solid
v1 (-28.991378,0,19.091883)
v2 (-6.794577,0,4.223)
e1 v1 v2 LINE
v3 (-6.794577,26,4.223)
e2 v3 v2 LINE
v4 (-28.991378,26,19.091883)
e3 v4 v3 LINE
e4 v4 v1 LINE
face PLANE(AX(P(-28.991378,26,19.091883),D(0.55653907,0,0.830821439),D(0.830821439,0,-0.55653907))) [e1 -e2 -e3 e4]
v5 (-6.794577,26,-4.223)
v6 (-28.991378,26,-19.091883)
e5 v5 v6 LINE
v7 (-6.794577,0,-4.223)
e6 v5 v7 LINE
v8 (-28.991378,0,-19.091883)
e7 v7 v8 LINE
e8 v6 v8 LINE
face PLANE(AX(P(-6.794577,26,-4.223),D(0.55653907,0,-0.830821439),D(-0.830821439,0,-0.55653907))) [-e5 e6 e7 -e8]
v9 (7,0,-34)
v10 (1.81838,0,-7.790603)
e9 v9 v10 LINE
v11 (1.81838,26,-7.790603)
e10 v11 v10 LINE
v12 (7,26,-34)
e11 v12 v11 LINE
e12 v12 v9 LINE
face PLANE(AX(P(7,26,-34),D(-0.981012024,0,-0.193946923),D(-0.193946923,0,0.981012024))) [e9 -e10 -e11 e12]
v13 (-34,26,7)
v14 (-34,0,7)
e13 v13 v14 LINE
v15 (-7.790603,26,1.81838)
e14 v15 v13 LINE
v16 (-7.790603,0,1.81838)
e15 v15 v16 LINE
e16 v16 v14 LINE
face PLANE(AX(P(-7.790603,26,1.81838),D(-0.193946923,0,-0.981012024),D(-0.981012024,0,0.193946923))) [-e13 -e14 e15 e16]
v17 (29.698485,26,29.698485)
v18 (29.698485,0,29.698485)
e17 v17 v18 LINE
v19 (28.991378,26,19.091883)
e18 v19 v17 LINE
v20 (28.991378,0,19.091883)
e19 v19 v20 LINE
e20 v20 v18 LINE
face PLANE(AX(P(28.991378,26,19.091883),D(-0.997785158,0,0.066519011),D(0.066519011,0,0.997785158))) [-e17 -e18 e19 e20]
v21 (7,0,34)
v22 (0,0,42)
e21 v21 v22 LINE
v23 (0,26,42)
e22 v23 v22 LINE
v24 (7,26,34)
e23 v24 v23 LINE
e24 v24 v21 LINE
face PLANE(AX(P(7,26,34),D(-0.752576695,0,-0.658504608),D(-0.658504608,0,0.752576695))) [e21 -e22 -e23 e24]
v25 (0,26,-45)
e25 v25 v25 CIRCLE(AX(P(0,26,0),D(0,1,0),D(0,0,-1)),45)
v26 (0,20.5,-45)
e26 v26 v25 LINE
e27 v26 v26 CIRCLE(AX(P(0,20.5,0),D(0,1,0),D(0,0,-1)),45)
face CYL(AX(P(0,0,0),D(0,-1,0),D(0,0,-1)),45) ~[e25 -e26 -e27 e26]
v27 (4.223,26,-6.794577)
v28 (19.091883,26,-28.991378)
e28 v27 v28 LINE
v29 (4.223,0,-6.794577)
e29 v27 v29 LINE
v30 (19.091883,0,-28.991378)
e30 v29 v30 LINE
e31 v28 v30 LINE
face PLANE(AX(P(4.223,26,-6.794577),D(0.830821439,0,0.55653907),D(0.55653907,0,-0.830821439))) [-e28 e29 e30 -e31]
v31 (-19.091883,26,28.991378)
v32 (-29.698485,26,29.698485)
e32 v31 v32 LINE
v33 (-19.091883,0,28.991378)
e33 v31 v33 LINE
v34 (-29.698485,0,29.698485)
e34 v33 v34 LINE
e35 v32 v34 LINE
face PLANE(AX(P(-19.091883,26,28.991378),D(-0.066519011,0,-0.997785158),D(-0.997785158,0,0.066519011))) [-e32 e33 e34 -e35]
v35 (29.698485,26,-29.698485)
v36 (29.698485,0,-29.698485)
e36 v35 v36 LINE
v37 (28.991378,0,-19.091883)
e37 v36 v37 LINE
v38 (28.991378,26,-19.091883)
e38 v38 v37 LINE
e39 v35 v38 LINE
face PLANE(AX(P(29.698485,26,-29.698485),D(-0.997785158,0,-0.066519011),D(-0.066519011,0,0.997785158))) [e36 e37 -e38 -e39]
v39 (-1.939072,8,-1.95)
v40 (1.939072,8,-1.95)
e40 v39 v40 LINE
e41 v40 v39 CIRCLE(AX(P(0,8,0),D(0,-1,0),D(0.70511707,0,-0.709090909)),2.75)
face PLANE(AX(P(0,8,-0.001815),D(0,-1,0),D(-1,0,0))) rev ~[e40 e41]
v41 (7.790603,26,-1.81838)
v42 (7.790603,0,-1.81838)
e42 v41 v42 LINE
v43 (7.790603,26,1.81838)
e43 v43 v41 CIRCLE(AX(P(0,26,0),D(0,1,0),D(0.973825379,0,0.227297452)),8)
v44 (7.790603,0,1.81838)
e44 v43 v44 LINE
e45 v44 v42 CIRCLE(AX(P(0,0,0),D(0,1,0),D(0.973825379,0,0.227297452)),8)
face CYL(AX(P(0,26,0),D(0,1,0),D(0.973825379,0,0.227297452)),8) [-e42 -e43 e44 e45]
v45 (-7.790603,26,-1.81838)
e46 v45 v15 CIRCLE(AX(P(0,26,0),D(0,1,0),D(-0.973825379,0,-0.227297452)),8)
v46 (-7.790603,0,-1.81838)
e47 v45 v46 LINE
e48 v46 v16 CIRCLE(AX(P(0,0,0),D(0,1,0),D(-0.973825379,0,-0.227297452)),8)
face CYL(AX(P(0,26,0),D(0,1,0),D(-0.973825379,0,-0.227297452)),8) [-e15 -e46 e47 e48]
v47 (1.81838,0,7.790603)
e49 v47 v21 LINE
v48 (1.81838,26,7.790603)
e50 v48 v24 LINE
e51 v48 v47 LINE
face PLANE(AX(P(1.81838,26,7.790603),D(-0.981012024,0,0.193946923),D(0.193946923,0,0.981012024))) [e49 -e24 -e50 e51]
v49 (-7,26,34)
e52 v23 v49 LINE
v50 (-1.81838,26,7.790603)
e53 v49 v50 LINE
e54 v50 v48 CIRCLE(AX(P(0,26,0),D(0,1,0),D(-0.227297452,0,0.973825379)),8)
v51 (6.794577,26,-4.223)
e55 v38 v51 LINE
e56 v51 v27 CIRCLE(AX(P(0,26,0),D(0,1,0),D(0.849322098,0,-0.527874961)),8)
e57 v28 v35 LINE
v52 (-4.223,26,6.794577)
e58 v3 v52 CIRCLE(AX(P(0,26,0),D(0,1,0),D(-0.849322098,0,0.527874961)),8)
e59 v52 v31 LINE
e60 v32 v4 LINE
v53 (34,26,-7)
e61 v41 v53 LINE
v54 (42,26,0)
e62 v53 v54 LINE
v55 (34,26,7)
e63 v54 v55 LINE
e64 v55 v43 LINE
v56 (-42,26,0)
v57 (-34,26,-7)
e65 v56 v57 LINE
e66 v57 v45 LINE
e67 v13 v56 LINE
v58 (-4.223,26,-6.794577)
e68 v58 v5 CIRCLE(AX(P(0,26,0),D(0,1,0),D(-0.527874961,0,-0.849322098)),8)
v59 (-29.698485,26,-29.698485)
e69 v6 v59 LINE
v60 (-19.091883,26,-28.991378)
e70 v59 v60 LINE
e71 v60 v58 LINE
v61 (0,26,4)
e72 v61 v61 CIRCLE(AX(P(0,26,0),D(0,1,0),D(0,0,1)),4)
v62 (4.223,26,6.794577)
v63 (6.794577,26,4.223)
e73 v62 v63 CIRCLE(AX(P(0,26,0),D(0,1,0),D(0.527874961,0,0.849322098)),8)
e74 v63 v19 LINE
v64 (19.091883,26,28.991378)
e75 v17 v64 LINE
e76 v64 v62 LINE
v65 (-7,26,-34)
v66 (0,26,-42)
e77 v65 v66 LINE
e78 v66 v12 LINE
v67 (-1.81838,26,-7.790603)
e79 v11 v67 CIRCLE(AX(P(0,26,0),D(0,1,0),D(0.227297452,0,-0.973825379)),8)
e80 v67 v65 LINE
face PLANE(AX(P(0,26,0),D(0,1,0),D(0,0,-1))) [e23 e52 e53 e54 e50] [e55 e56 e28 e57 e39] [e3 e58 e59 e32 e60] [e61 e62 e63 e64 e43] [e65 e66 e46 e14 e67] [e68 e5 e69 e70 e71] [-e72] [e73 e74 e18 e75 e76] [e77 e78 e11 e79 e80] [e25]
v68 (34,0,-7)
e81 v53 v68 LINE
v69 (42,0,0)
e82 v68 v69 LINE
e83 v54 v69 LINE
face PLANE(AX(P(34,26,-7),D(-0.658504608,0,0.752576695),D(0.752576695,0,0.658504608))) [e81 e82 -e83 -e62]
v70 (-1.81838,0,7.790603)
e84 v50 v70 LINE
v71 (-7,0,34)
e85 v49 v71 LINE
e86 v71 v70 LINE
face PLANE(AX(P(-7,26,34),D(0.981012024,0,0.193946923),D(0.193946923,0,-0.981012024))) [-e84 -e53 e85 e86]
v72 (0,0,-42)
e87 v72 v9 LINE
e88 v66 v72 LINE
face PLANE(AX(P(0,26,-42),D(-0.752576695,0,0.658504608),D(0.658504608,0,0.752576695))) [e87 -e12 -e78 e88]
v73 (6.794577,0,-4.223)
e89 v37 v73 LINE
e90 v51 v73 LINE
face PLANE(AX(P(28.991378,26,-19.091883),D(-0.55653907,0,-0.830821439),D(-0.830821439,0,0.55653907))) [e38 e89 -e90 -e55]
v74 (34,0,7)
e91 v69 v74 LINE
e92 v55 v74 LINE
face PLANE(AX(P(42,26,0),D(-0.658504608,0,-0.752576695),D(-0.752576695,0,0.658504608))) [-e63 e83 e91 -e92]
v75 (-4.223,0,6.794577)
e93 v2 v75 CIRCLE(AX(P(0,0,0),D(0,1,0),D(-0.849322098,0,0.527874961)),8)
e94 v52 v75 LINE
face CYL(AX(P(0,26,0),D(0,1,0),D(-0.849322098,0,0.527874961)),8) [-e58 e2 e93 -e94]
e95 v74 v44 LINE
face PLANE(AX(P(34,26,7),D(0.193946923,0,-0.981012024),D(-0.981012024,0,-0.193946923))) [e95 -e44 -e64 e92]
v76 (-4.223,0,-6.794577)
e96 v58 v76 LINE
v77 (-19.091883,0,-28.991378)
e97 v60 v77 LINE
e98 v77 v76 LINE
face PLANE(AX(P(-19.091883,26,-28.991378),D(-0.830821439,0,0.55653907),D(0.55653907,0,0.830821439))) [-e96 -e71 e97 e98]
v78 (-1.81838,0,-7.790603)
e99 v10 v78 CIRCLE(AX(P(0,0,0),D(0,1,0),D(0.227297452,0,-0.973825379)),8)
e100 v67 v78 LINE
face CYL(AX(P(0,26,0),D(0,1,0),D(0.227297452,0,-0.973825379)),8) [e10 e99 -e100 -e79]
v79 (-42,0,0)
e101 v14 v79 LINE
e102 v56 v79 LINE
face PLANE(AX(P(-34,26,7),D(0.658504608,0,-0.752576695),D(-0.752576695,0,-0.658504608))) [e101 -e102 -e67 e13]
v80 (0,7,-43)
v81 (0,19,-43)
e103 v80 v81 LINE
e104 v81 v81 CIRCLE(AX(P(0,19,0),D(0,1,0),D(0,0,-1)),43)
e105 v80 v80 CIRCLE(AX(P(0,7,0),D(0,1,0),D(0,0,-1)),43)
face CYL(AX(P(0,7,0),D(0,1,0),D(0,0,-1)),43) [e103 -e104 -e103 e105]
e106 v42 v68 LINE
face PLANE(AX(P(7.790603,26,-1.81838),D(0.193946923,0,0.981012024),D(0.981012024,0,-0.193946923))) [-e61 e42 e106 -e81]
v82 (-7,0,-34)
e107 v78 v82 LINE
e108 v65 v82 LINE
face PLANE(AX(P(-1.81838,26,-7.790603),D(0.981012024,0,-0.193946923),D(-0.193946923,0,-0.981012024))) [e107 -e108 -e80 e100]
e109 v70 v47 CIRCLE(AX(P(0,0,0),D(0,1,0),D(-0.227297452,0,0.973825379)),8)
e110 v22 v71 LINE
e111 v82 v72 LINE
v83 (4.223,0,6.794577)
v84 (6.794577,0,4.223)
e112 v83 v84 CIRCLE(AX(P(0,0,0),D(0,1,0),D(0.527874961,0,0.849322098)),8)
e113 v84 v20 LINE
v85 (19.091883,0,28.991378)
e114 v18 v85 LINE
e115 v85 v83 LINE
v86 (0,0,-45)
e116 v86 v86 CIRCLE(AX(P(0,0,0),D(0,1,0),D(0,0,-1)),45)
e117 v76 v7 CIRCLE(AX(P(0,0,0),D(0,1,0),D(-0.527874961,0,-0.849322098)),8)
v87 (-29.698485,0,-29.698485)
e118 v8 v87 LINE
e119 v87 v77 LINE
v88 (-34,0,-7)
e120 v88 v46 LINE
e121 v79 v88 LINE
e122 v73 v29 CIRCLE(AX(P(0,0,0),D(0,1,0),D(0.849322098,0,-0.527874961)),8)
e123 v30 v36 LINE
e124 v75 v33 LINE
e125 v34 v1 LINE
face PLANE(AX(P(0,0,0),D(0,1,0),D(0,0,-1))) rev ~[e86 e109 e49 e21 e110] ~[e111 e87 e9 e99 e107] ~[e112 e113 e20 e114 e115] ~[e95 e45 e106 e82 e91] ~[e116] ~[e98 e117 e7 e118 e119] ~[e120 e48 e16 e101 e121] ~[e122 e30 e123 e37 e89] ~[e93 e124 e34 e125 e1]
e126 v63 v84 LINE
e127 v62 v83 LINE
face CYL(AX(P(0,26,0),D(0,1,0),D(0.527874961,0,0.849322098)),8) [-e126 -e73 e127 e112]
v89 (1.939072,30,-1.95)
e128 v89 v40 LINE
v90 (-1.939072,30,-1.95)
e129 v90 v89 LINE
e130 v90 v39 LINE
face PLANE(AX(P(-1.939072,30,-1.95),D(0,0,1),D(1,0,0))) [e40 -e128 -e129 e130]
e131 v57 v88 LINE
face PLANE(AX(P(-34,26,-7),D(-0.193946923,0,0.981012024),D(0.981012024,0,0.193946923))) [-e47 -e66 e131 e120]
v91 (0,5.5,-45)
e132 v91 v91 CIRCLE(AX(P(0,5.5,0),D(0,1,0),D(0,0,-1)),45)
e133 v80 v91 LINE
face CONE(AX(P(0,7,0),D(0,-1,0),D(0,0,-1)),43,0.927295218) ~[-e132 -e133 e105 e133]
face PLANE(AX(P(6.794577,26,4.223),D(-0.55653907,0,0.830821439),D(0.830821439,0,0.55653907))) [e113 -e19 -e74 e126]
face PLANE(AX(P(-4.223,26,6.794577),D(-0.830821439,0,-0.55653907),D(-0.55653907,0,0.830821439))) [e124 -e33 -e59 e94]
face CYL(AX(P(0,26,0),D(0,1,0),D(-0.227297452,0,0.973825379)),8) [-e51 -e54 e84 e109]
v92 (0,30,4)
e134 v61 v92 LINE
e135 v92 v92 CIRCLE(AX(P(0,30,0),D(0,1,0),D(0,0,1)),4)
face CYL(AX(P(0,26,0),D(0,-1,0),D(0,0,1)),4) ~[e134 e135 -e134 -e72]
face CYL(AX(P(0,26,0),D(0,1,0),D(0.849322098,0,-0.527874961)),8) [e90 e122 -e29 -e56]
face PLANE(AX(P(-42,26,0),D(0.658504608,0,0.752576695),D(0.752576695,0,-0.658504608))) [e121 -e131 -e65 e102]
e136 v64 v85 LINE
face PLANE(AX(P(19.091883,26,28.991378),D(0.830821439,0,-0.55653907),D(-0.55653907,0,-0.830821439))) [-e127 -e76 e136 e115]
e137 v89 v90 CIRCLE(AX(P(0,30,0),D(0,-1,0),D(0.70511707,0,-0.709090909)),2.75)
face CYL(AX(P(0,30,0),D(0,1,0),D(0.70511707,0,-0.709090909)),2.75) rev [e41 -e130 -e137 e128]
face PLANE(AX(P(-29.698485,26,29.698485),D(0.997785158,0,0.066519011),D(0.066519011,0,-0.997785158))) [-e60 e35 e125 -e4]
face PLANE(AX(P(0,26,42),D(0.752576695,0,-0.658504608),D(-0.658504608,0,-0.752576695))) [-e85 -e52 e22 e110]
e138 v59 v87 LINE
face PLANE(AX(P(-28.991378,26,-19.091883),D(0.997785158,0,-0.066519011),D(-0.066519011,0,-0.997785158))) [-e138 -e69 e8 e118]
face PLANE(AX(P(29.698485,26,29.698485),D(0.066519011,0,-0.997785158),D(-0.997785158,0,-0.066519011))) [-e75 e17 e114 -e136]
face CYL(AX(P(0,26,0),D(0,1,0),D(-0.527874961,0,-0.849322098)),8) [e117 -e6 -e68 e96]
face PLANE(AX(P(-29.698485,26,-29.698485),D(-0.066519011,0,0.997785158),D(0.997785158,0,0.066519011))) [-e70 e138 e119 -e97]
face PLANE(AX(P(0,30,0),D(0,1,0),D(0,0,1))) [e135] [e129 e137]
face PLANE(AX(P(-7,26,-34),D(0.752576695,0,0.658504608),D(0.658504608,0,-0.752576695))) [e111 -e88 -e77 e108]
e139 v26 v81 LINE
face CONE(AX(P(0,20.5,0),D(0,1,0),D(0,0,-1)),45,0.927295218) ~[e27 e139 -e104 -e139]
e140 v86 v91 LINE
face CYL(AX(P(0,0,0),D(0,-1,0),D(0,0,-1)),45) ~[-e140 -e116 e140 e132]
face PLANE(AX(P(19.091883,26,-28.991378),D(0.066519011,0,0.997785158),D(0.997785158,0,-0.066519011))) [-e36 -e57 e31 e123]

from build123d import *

# Parameters (mm, degrees)
SKETCH1_R           = 45
BOSS_EXTRUDE1_DEPTH = 26
SKETCH2_R           = 4
BOSS_EXTRUDE2_DEPTH = 4
CUT_EXTRUDE2_DEPTH  = 69.745908969
CUT_EXTRUDE4_DEPTH  = 22


with BuildPart() as part:
    # Sketch1 → Boss-Extrude1 (new body)
    with BuildSketch(Plane(origin=(0, 0, 0), x_dir=(1, 0, 0), z_dir=(0, 1, 0))):
        with Locations(Location((0, 0, 0), (0, 0, 90))):
            Circle(SKETCH1_R)
    extrude(amount=BOSS_EXTRUDE1_DEPTH)

    # Sketch2 → Boss-Extrude2 (add)
    with BuildSketch(Plane(origin=(0, 26, 0), x_dir=(1, 0, 0), z_dir=(0, 1, 0))):
        with Locations(Location((0, 0, 0), (0, 0, 270))):
            Circle(SKETCH2_R)
    extrude(amount=BOSS_EXTRUDE2_DEPTH)

    # Sketch4 → Cut-Extrude2 (cut, through all)
    with BuildSketch(Plane(origin=(0, 26, 0), x_dir=(1, 0, 0), z_dir=(0, 1, 0))):
        with BuildLine():
            Line((-1.818379611, 7.790603031), (-7, 34))
            Line((-7, 34), (0, 42))
            Line((0, 42), (7, 34))
            Line((7, 34), (1.818379611, 7.790603031))
            ThreePointArc((1.818379611, 7.790603031), (0, 8), (-1.818379611, 7.790603031))
        make_face()
        with BuildLine():
            Line((4.222999679, 6.794576787), (19.091883092, 28.991378029))
            Line((19.091883092, 28.991378029), (29.69848481, 29.69848481))
            Line((29.69848481, 29.69848481), (28.991378029, 19.091883092))
            Line((28.991378029, 19.091883092), (6.794576787, 4.222999679))
            ThreePointArc((6.794576787, 4.222999679), (5.656854249, 5.656854249), (4.222999679, 6.794576787))
        make_face()
        with BuildLine():
            Line((7.790603031, 1.818379611), (34, 7))
            Line((34, 7), (42, 0))
            Line((42, 0), (34, -7))
            Line((34, -7), (7.790603031, -1.818379611))
            ThreePointArc((7.790603031, -1.818379611), (8, 0), (7.790603031, 1.818379611))
        make_face()
        with BuildLine():
            Line((6.794576787, -4.222999679), (28.991378029, -19.091883092))
            Line((28.991378029, -19.091883092), (29.69848481, -29.69848481))
            Line((29.69848481, -29.69848481), (19.091883092, -28.991378029))
            Line((19.091883092, -28.991378029), (4.222999679, -6.794576787))
            ThreePointArc((4.222999679, -6.794576787), (5.656854249, -5.656854249), (6.794576787, -4.222999679))
        make_face()
        with BuildLine():
            Line((1.818379611, -7.790603031), (7, -34))
            Line((7, -34), (0, -42))
            Line((0, -42), (-7, -34))
            Line((-7, -34), (-1.818379611, -7.790603031))
            ThreePointArc((-1.818379611, -7.790603031), (0, -8), (1.818379611, -7.790603031))
        make_face()
        with BuildLine():
            Line((-4.222999679, -6.794576787), (-19.091883092, -28.991378029))
            Line((-19.091883092, -28.991378029), (-29.69848481, -29.69848481))
            Line((-29.69848481, -29.69848481), (-28.991378029, -19.091883092))
            Line((-28.991378029, -19.091883092), (-6.794576787, -4.222999679))
            ThreePointArc((-6.794576787, -4.222999679), (-5.656854249, -5.656854249), (-4.222999679, -6.794576787))
        make_face()
        with BuildLine():
            Line((-7.790603031, -1.818379611), (-34, -7))
            Line((-34, -7), (-42, 0))
            Line((-42, 0), (-34, 7))
            Line((-34, 7), (-7.790603031, 1.818379611))
            ThreePointArc((-7.790603031, 1.818379611), (-8, 0), (-7.790603031, -1.818379611))
        make_face()
        with BuildLine():
            Line((-6.794576787, 4.222999679), (-28.991378029, 19.091883092))
            Line((-28.991378029, 19.091883092), (-29.69848481, 29.69848481))
            Line((-29.69848481, 29.69848481), (-19.091883092, 28.991378029))
            Line((-19.091883092, 28.991378029), (-4.222999679, 6.794576787))
            ThreePointArc((-4.222999679, 6.794576787), (-5.656854249, 5.656854249), (-6.794576787, 4.222999679))
        make_face()
    extrude(amount=-CUT_EXTRUDE2_DEPTH, mode=Mode.SUBTRACT)

    # Sketch6 → Cut-Revolve4 (revolve, cut)
    with BuildSketch(Plane(origin=(0, 0, 0), x_dir=(0, 0, -1), z_dir=(1, 0, 0)), mode=Mode.PRIVATE) as cut_revolve4_sk:
        Polygon((-45, 20.5), (-43, 19), (-43, 13), (-43, 7), (-45, 5.5), align=None)
    revolve(cut_revolve4_sk.sketch.rotate(Axis((0, 0, 0), (0, 1, 0)), 180), axis=Axis((0, 0, 0), (0, 1, 0)), mode=Mode.SUBTRACT)

    # Sketch9 → Cut-Extrude4 (cut)
    with BuildSketch(Plane(origin=(0, 30, 0), x_dir=(1, 0, 0), z_dir=(0, 1, 0))):
        with BuildLine():
            Line((-1.939071943, 1.95), (1.939071943, 1.95))
            ThreePointArc((1.939071943, 1.95), (0, -2.75), (-1.939071943, 1.95))
        make_face()
    extrude(amount=-CUT_EXTRUDE4_DEPTH, mode=Mode.SUBTRACT)


solid = part.part
